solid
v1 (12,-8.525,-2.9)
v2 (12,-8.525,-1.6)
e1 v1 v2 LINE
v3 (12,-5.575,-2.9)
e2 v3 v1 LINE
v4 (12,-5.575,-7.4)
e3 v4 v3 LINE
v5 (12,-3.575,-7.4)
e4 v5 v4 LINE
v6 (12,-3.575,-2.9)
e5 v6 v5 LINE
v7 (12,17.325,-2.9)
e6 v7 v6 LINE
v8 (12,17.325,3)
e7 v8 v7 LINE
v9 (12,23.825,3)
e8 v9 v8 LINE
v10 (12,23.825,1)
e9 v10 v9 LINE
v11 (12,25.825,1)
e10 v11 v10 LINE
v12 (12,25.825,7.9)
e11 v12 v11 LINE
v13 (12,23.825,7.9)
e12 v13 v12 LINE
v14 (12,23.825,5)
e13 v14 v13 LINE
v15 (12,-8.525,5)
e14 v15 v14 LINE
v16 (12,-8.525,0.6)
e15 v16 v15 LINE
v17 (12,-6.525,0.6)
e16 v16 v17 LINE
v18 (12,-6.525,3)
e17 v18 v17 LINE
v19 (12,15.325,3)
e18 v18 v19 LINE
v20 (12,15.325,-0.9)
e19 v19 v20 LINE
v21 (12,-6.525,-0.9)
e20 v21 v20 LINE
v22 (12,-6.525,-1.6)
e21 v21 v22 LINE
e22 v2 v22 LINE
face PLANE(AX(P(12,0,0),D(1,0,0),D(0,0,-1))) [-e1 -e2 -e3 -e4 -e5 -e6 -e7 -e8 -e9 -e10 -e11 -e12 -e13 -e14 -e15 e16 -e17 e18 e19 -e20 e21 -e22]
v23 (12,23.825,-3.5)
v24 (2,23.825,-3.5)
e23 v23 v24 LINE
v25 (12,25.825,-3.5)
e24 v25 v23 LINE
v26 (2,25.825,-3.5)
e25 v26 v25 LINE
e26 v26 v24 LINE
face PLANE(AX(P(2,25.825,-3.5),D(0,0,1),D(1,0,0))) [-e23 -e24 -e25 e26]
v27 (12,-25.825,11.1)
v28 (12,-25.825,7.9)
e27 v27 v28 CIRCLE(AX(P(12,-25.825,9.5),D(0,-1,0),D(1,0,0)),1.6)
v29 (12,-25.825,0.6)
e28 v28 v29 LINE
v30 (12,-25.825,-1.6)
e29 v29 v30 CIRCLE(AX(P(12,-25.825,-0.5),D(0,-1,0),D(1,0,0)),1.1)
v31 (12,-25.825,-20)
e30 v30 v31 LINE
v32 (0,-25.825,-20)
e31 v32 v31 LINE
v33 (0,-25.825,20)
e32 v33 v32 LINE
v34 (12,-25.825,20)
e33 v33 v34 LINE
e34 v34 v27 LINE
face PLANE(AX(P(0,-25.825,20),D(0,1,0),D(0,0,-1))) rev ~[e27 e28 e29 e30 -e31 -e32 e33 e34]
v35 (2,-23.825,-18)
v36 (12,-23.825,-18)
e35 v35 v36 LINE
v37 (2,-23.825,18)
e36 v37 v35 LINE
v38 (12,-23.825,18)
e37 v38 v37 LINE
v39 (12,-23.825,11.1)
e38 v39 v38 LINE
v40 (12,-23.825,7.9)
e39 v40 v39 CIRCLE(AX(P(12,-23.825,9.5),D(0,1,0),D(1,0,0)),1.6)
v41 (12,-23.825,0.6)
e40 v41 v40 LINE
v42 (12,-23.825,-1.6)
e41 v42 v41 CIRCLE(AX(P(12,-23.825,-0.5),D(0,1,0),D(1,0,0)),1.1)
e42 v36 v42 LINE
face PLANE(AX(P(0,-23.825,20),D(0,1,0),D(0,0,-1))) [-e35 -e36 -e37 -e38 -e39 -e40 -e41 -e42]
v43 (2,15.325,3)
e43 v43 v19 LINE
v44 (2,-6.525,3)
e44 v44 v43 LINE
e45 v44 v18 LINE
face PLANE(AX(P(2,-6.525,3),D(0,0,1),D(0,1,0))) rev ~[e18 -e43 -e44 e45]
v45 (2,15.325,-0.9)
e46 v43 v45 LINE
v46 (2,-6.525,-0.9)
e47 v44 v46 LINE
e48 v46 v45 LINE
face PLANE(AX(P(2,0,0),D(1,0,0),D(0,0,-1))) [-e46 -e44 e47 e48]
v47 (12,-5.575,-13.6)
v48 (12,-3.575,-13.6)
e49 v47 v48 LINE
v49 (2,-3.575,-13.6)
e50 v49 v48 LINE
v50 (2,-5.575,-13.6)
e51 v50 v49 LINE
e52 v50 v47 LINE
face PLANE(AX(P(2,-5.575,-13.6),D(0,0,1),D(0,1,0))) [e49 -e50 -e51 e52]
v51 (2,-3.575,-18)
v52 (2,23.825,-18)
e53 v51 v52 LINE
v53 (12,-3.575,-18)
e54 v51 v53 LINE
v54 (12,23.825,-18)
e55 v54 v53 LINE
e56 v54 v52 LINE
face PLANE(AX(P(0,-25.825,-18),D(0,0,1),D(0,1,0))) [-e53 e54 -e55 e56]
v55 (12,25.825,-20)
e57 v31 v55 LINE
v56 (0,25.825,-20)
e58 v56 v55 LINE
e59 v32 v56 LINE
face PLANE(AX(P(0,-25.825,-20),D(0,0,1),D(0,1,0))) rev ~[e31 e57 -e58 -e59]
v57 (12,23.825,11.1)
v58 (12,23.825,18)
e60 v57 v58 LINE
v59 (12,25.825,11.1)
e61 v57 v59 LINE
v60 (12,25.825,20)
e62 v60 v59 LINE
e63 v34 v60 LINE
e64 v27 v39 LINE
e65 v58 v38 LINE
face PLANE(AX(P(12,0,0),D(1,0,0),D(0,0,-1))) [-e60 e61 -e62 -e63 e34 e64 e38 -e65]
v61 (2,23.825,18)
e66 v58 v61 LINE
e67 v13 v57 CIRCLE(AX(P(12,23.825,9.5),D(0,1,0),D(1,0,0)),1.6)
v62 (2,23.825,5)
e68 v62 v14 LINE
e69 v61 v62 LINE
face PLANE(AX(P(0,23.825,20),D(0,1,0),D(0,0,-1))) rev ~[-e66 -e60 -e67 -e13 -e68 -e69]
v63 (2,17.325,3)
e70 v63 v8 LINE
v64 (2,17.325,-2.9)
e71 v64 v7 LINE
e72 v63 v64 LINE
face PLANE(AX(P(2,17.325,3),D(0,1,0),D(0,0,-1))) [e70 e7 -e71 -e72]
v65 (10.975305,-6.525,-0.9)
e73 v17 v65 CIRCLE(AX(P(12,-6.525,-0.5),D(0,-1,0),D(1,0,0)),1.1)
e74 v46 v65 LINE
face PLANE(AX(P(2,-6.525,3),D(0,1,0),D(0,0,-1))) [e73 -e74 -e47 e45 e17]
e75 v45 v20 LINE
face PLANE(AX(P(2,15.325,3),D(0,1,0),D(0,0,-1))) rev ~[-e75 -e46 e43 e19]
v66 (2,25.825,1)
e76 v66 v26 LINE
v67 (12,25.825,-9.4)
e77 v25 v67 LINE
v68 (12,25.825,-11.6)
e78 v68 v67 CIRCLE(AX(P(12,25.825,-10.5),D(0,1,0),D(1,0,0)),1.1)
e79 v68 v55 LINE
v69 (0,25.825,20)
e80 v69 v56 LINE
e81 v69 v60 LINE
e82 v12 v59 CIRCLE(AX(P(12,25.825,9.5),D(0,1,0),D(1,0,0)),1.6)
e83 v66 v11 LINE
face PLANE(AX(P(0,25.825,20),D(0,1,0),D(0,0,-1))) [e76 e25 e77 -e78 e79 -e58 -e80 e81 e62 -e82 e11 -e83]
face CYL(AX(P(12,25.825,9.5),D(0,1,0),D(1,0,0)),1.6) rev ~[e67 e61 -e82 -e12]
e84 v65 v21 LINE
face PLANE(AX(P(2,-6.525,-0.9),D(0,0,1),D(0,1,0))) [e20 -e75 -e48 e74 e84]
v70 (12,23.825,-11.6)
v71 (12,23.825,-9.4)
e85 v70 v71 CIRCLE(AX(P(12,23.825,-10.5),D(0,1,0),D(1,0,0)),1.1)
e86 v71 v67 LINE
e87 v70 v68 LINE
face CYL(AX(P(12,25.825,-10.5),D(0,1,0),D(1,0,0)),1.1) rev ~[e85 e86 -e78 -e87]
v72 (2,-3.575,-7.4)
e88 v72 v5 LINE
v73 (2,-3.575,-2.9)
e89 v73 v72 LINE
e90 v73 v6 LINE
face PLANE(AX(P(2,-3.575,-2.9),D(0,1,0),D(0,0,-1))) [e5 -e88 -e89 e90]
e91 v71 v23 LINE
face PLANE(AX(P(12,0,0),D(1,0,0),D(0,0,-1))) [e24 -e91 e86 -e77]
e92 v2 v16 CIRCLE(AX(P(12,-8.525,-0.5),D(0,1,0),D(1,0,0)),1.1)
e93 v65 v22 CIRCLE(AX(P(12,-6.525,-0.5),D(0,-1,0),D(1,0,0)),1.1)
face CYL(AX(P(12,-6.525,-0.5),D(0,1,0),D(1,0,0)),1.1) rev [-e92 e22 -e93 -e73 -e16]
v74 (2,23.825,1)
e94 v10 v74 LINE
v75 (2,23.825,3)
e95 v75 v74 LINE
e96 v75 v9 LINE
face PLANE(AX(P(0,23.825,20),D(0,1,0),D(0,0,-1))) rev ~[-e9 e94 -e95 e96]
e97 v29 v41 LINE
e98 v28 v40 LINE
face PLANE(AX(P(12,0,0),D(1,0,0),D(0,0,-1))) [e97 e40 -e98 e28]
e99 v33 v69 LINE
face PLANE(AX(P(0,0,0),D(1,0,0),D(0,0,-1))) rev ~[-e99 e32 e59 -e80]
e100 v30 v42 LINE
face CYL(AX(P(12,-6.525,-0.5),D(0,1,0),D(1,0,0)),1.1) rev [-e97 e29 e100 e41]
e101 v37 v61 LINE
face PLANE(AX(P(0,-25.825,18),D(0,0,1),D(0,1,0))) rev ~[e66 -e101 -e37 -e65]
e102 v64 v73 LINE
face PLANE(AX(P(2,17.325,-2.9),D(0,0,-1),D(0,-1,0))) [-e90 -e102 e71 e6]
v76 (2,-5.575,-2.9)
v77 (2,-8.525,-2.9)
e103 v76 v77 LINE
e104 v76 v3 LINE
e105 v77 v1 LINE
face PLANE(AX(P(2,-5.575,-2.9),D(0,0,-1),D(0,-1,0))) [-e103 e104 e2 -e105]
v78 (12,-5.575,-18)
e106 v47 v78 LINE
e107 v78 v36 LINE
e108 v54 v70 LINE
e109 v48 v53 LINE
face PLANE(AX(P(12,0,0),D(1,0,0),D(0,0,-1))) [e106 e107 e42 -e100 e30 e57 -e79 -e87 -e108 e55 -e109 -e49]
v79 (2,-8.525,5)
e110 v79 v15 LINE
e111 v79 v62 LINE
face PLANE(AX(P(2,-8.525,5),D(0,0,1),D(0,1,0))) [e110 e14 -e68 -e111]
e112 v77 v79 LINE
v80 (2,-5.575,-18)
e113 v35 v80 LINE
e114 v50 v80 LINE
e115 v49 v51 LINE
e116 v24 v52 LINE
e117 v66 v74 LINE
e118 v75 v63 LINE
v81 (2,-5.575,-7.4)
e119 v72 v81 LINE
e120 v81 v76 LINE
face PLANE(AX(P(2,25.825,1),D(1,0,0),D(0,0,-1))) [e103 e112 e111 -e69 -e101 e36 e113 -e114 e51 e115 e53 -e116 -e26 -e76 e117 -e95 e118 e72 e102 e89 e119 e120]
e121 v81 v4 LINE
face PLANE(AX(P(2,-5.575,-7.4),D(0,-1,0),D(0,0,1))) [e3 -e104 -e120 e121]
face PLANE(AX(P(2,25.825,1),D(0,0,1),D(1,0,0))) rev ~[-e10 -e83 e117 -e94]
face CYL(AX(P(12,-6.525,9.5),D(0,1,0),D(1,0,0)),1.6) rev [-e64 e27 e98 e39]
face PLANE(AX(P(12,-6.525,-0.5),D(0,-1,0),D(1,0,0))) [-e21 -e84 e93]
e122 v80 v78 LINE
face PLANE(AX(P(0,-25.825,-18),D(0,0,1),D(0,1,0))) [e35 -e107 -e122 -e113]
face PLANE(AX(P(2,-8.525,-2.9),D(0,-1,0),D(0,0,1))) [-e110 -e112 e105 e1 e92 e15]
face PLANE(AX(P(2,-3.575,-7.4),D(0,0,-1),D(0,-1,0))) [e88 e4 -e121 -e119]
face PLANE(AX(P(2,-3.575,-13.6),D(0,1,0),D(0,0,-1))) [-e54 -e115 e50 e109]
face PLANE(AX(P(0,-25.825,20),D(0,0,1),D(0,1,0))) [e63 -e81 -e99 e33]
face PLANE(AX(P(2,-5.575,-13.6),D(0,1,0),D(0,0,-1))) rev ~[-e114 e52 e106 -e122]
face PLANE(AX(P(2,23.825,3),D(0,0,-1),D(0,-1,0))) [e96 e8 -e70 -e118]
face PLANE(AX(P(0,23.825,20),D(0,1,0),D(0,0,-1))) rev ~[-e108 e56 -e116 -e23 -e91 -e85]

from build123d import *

# Parameters (mm, degrees)
SKETCH_1_W                      = 40
SKETCH_1_H                      = 51.65
EXTRUDE_1_DEPTH                 = 12
SHELL_1_T                       = -2
SKETCH_3_W                      = 3.9
SKETCH_3_H                      = 21.85
SKETCH_3_W_2                    = 4.4
SKETCH_3_H_2                    = 2
EXTRUDE_6_DEPTH                 = 10
CUT_EXTRUDE_1_REACH             = 58.672
SKETCH_4_R                      = 1.1
SKETCH_4_R_2                    = 1.6
SKETCH_4_W                      = 10
SKETCH_4_H                      = 4.5
CUT_EXTRUDE_1_DIRECTION_2_DEPTH = 57.672061018
CUT_EXTRUDE_START               = -19.3
SKETCH_6_R                      = 1.1
SKETCH_6_R_2                    = 1.6
CUT_EXTRUDE_4_DEPTH             = 19.3


with BuildPart() as part:
    # 草图1 → 凸台-拉伸1 (new body)
    with BuildSketch(Plane(origin=(0, 0, 0), x_dir=(0, 0, -1), z_dir=(1, 0, 0))):
        Rectangle(SKETCH_1_W, SKETCH_1_H)
    extrude(amount=EXTRUDE_1_DEPTH)

    # 抽壳1
    shell_1_openings = [part.faces().sort_by_distance(p)[0] for p in [
        (12, 0, 0),
    ]]
    offset(amount=SHELL_1_T, openings=shell_1_openings, kind=Kind.INTERSECTION)

    # 草图3 → 凸台-拉伸6 (add)
    # profile 1 of 2: a face of its own
    with BuildSketch(Plane(origin=(2, 0, 0), x_dir=(0, 0, -1), z_dir=(1, 0, 0))):
        Polygon((2.9, -8.525), (-5, -8.525), (-5, 23.825), (-3, 23.825), (-3, 17.325), (2.9, 17.325), (2.9, -3.575), (7.4, -3.575), (7.4, -5.575), (2.9, -5.575), align=None)
        with Locations((-1.05, 4.4)):
            Rectangle(SKETCH_3_W, SKETCH_3_H, mode=Mode.SUBTRACT)
    # profile 2 of 2: a face of its own
    with BuildSketch(Plane(origin=(2, 0, 0), x_dir=(0, 0, -1), z_dir=(1, 0, 0))):
        with Locations((15.8, -4.575)):
            Rectangle(SKETCH_3_W_2, SKETCH_3_H_2)
    extrude(amount=EXTRUDE_6_DEPTH)

    # 草图4 → 切除-拉伸1 (cut, up to next)
    with BuildSketch(Plane(origin=(0, 25.825, 0), x_dir=(1, 0, 0), z_dir=(0, 1, 0)), mode=Mode.PRIVATE) as cut_extrude_1_sk1:
        with Locations((12, 10.5)):
            Circle(SKETCH_4_R)
    cut_extrude_1_tool1 = extrude(cut_extrude_1_sk1.sketch, amount=-CUT_EXTRUDE_1_REACH, mode=Mode.PRIVATE) & part.part
    # 草图4 → 切除-拉伸1 (cut, up to next)
    with BuildSketch(Plane(origin=(0, 25.825, 0), x_dir=(1, 0, 0), z_dir=(0, 1, 0)), mode=Mode.PRIVATE) as cut_extrude_1_sk2:
        with Locations((12, -9.5)):
            Circle(SKETCH_4_R_2)
    cut_extrude_1_tool2 = extrude(cut_extrude_1_sk2.sketch, amount=-CUT_EXTRUDE_1_REACH, mode=Mode.PRIVATE) & part.part
    # 草图4 → 切除-拉伸1 (cut, up to next)
    with BuildSketch(Plane(origin=(0, 25.825, 0), x_dir=(1, 0, 0), z_dir=(0, 1, 0)), mode=Mode.PRIVATE) as cut_extrude_1_sk3:
        with Locations((7, 1.25)):
            Rectangle(SKETCH_4_W, SKETCH_4_H)
    cut_extrude_1_tool3 = extrude(cut_extrude_1_sk3.sketch, amount=-CUT_EXTRUDE_1_REACH, mode=Mode.PRIVATE) & part.part
    add(cut_extrude_1_tool1.solids().sort_by_distance((12, 25.825, -10.5))[0], mode=Mode.SUBTRACT)
    add(cut_extrude_1_tool2.solids().sort_by_distance((12, 25.825, 9.5))[0], mode=Mode.SUBTRACT)
    add(cut_extrude_1_tool3.solids().sort_by_distance((7, 25.825, -1.25))[0], mode=Mode.SUBTRACT)

    # 草图4 → 切除-拉伸1 direction 2 (cut)
    with BuildSketch(Plane(origin=(0, 25.825, 0), x_dir=(1, 0, 0), z_dir=(0, 1, 0))):
        with Locations((12, 10.5)):
            Circle(SKETCH_4_R)
        with Locations((12, -9.5)):
            Circle(SKETCH_4_R_2)
        with Locations((7, 1.25)):
            Rectangle(SKETCH_4_W, SKETCH_4_H)
    extrude(amount=CUT_EXTRUDE_1_DIRECTION_2_DEPTH, mode=Mode.SUBTRACT)

    # 草图6 → 切除-拉伸4 (cut)
    with BuildSketch(Plane.XZ.offset(25.825).offset(CUT_EXTRUDE_START)):
        with Locations((12, -0.5)):
            Circle(SKETCH_6_R)
        with Locations((12, 9.5)):
            Circle(SKETCH_6_R_2)
    extrude(amount=CUT_EXTRUDE_4_DEPTH, mode=Mode.SUBTRACT)


solid = part.part
